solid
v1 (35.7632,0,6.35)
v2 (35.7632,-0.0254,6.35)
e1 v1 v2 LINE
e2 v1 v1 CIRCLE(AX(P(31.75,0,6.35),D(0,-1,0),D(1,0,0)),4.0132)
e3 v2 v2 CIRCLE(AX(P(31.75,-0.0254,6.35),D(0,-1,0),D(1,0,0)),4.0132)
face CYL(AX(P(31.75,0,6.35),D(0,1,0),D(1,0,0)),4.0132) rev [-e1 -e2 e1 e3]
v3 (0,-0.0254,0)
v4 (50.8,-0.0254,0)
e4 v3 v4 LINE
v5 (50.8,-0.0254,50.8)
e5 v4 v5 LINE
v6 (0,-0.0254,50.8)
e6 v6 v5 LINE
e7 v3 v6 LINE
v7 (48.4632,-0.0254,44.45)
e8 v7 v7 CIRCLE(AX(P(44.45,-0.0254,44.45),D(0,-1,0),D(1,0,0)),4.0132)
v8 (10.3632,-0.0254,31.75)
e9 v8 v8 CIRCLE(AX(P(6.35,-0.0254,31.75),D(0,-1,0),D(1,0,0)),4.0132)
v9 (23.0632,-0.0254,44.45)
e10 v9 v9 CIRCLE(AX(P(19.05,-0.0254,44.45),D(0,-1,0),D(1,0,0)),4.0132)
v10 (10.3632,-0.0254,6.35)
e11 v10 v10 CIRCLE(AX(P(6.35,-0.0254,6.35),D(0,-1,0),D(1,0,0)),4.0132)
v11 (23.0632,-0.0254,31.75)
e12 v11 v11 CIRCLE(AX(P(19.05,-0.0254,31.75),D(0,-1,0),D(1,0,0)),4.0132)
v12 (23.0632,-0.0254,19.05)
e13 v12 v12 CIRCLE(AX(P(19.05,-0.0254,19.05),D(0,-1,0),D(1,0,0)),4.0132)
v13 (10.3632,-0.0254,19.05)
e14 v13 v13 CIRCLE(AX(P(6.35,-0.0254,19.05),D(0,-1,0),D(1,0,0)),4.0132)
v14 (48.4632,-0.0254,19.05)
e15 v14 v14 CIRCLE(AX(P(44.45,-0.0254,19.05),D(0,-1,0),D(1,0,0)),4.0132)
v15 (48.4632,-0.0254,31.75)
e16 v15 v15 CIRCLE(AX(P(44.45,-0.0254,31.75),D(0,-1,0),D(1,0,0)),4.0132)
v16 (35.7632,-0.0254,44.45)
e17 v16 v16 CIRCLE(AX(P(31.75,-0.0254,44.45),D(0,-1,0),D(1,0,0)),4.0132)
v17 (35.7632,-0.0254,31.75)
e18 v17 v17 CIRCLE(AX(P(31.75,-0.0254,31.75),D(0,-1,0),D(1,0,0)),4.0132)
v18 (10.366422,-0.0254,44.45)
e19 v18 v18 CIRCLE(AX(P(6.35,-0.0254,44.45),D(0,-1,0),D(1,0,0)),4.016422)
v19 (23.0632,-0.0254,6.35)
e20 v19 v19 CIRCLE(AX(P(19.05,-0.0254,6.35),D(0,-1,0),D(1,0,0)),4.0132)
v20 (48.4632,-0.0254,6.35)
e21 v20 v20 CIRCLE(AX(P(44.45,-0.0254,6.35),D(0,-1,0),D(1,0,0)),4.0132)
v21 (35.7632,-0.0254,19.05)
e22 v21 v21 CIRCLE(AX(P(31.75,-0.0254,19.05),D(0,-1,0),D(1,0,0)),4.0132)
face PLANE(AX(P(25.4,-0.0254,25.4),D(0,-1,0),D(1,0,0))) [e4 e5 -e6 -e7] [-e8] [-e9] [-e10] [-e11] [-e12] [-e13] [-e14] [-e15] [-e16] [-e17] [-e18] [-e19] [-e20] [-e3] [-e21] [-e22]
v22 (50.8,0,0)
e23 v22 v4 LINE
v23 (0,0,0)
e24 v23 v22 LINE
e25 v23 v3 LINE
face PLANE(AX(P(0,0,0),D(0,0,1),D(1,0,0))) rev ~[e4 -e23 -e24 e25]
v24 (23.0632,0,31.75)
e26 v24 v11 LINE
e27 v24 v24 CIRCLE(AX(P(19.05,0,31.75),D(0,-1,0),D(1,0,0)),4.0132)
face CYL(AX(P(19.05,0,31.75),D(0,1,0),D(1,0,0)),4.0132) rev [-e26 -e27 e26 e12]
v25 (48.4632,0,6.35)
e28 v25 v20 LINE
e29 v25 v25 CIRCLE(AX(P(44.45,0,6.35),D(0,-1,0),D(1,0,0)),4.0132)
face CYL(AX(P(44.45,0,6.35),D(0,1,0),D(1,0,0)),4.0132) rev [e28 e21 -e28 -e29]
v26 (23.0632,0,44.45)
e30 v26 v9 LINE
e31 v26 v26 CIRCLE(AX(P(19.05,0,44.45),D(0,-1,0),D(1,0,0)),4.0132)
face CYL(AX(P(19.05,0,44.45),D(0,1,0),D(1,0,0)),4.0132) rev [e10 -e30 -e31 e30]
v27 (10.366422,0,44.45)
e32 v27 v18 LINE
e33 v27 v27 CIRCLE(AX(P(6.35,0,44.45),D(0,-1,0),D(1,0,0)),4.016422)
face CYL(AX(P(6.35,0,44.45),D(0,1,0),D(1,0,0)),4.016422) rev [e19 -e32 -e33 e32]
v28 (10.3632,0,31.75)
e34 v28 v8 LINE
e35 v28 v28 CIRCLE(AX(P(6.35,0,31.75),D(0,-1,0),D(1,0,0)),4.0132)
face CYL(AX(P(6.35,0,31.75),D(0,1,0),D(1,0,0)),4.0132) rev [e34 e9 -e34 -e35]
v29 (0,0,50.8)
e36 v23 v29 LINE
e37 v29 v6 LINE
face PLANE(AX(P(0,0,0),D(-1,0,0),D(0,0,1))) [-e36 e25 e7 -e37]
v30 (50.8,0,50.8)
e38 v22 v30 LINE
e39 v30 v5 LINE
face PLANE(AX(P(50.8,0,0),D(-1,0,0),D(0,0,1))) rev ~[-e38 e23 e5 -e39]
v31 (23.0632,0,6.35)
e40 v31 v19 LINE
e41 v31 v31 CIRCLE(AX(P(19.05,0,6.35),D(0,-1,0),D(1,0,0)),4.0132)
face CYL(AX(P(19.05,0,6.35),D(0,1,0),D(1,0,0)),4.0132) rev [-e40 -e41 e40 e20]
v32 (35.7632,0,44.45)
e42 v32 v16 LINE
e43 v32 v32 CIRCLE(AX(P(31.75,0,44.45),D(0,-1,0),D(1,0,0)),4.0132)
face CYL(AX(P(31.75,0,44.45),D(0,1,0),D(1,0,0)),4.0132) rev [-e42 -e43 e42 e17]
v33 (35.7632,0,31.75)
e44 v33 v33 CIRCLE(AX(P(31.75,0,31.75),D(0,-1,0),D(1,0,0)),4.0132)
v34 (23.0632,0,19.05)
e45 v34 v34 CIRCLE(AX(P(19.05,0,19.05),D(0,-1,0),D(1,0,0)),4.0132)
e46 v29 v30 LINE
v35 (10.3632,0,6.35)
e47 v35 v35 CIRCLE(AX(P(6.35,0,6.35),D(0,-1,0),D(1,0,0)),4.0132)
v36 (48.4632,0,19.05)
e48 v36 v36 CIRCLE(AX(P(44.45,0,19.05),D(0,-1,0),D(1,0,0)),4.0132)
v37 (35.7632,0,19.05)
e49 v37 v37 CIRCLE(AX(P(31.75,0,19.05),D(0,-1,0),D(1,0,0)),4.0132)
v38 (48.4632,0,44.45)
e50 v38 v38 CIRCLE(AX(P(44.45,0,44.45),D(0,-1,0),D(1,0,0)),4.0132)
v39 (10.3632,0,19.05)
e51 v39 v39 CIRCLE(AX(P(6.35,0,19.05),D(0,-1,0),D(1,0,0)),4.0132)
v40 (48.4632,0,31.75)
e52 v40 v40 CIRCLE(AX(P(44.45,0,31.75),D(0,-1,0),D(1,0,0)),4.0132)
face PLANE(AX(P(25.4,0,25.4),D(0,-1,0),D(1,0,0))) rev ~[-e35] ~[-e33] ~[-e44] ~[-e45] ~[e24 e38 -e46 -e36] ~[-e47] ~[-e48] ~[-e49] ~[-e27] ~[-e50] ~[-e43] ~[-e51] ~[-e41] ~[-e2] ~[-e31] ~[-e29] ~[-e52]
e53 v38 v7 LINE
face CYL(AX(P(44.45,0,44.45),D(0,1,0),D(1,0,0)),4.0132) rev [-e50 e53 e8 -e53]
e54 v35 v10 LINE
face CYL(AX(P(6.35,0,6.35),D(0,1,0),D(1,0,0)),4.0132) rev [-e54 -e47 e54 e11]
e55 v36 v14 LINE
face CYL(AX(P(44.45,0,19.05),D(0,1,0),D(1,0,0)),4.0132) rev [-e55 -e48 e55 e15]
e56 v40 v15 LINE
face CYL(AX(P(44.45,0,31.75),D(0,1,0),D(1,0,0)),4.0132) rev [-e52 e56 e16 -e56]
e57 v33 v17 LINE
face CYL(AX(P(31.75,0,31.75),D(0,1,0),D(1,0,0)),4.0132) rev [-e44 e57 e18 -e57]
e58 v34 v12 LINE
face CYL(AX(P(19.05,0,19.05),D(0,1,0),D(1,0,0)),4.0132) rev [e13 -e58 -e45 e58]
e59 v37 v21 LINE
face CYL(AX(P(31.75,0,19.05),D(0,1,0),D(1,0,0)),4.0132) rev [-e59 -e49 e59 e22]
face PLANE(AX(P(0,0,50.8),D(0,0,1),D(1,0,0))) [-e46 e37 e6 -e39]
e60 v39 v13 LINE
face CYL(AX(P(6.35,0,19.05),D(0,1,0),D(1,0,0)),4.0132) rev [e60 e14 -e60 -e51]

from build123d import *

# Parameters (mm, degrees)
F0_W     = 50.8
F0_H     = 50.8
F0_R     = 4.0132
F0_R_2   = 4.016422
F1_DEPTH = 0.0254


with BuildPart() as f1:
    # F0 (on Front) → F1 (new body)
    with BuildSketch(Plane.XZ):
        with Locations((25.4, 25.4)):
            Rectangle(F0_W, F0_H)
        with Locations((6.35, 6.35)):
            Circle(F0_R, mode=Mode.SUBTRACT)
        with Locations((19.05, 6.35)):
            Circle(F0_R, mode=Mode.SUBTRACT)
        with Locations((6.35, 19.05)):
            Circle(F0_R, mode=Mode.SUBTRACT)
        with Locations((19.05, 19.05)):
            Circle(F0_R, mode=Mode.SUBTRACT)
        with Locations((31.75, 6.35)):
            Circle(F0_R, mode=Mode.SUBTRACT)
        with Locations((44.45, 6.35)):
            Circle(F0_R, mode=Mode.SUBTRACT)
        with Locations((31.75, 19.05)):
            Circle(F0_R, mode=Mode.SUBTRACT)
        with Locations((44.45, 19.05)):
            Circle(F0_R, mode=Mode.SUBTRACT)
        with Locations((6.35, 31.75)):
            Circle(F0_R, mode=Mode.SUBTRACT)
        with Locations((19.05, 31.75)):
            Circle(F0_R, mode=Mode.SUBTRACT)
        with Locations((6.35, 44.45)):
            Circle(F0_R_2, mode=Mode.SUBTRACT)
        with Locations((19.05, 44.45)):
            Circle(F0_R, mode=Mode.SUBTRACT)
        with Locations((31.75, 31.75)):
            Circle(F0_R, mode=Mode.SUBTRACT)
        with Locations((44.45, 31.75)):
            Circle(F0_R, mode=Mode.SUBTRACT)
        with Locations((31.75, 44.45)):
            Circle(F0_R, mode=Mode.SUBTRACT)
        with Locations((44.45, 44.45)):
            Circle(F0_R, mode=Mode.SUBTRACT)
    extrude(amount=F1_DEPTH)


solid = f1.part
